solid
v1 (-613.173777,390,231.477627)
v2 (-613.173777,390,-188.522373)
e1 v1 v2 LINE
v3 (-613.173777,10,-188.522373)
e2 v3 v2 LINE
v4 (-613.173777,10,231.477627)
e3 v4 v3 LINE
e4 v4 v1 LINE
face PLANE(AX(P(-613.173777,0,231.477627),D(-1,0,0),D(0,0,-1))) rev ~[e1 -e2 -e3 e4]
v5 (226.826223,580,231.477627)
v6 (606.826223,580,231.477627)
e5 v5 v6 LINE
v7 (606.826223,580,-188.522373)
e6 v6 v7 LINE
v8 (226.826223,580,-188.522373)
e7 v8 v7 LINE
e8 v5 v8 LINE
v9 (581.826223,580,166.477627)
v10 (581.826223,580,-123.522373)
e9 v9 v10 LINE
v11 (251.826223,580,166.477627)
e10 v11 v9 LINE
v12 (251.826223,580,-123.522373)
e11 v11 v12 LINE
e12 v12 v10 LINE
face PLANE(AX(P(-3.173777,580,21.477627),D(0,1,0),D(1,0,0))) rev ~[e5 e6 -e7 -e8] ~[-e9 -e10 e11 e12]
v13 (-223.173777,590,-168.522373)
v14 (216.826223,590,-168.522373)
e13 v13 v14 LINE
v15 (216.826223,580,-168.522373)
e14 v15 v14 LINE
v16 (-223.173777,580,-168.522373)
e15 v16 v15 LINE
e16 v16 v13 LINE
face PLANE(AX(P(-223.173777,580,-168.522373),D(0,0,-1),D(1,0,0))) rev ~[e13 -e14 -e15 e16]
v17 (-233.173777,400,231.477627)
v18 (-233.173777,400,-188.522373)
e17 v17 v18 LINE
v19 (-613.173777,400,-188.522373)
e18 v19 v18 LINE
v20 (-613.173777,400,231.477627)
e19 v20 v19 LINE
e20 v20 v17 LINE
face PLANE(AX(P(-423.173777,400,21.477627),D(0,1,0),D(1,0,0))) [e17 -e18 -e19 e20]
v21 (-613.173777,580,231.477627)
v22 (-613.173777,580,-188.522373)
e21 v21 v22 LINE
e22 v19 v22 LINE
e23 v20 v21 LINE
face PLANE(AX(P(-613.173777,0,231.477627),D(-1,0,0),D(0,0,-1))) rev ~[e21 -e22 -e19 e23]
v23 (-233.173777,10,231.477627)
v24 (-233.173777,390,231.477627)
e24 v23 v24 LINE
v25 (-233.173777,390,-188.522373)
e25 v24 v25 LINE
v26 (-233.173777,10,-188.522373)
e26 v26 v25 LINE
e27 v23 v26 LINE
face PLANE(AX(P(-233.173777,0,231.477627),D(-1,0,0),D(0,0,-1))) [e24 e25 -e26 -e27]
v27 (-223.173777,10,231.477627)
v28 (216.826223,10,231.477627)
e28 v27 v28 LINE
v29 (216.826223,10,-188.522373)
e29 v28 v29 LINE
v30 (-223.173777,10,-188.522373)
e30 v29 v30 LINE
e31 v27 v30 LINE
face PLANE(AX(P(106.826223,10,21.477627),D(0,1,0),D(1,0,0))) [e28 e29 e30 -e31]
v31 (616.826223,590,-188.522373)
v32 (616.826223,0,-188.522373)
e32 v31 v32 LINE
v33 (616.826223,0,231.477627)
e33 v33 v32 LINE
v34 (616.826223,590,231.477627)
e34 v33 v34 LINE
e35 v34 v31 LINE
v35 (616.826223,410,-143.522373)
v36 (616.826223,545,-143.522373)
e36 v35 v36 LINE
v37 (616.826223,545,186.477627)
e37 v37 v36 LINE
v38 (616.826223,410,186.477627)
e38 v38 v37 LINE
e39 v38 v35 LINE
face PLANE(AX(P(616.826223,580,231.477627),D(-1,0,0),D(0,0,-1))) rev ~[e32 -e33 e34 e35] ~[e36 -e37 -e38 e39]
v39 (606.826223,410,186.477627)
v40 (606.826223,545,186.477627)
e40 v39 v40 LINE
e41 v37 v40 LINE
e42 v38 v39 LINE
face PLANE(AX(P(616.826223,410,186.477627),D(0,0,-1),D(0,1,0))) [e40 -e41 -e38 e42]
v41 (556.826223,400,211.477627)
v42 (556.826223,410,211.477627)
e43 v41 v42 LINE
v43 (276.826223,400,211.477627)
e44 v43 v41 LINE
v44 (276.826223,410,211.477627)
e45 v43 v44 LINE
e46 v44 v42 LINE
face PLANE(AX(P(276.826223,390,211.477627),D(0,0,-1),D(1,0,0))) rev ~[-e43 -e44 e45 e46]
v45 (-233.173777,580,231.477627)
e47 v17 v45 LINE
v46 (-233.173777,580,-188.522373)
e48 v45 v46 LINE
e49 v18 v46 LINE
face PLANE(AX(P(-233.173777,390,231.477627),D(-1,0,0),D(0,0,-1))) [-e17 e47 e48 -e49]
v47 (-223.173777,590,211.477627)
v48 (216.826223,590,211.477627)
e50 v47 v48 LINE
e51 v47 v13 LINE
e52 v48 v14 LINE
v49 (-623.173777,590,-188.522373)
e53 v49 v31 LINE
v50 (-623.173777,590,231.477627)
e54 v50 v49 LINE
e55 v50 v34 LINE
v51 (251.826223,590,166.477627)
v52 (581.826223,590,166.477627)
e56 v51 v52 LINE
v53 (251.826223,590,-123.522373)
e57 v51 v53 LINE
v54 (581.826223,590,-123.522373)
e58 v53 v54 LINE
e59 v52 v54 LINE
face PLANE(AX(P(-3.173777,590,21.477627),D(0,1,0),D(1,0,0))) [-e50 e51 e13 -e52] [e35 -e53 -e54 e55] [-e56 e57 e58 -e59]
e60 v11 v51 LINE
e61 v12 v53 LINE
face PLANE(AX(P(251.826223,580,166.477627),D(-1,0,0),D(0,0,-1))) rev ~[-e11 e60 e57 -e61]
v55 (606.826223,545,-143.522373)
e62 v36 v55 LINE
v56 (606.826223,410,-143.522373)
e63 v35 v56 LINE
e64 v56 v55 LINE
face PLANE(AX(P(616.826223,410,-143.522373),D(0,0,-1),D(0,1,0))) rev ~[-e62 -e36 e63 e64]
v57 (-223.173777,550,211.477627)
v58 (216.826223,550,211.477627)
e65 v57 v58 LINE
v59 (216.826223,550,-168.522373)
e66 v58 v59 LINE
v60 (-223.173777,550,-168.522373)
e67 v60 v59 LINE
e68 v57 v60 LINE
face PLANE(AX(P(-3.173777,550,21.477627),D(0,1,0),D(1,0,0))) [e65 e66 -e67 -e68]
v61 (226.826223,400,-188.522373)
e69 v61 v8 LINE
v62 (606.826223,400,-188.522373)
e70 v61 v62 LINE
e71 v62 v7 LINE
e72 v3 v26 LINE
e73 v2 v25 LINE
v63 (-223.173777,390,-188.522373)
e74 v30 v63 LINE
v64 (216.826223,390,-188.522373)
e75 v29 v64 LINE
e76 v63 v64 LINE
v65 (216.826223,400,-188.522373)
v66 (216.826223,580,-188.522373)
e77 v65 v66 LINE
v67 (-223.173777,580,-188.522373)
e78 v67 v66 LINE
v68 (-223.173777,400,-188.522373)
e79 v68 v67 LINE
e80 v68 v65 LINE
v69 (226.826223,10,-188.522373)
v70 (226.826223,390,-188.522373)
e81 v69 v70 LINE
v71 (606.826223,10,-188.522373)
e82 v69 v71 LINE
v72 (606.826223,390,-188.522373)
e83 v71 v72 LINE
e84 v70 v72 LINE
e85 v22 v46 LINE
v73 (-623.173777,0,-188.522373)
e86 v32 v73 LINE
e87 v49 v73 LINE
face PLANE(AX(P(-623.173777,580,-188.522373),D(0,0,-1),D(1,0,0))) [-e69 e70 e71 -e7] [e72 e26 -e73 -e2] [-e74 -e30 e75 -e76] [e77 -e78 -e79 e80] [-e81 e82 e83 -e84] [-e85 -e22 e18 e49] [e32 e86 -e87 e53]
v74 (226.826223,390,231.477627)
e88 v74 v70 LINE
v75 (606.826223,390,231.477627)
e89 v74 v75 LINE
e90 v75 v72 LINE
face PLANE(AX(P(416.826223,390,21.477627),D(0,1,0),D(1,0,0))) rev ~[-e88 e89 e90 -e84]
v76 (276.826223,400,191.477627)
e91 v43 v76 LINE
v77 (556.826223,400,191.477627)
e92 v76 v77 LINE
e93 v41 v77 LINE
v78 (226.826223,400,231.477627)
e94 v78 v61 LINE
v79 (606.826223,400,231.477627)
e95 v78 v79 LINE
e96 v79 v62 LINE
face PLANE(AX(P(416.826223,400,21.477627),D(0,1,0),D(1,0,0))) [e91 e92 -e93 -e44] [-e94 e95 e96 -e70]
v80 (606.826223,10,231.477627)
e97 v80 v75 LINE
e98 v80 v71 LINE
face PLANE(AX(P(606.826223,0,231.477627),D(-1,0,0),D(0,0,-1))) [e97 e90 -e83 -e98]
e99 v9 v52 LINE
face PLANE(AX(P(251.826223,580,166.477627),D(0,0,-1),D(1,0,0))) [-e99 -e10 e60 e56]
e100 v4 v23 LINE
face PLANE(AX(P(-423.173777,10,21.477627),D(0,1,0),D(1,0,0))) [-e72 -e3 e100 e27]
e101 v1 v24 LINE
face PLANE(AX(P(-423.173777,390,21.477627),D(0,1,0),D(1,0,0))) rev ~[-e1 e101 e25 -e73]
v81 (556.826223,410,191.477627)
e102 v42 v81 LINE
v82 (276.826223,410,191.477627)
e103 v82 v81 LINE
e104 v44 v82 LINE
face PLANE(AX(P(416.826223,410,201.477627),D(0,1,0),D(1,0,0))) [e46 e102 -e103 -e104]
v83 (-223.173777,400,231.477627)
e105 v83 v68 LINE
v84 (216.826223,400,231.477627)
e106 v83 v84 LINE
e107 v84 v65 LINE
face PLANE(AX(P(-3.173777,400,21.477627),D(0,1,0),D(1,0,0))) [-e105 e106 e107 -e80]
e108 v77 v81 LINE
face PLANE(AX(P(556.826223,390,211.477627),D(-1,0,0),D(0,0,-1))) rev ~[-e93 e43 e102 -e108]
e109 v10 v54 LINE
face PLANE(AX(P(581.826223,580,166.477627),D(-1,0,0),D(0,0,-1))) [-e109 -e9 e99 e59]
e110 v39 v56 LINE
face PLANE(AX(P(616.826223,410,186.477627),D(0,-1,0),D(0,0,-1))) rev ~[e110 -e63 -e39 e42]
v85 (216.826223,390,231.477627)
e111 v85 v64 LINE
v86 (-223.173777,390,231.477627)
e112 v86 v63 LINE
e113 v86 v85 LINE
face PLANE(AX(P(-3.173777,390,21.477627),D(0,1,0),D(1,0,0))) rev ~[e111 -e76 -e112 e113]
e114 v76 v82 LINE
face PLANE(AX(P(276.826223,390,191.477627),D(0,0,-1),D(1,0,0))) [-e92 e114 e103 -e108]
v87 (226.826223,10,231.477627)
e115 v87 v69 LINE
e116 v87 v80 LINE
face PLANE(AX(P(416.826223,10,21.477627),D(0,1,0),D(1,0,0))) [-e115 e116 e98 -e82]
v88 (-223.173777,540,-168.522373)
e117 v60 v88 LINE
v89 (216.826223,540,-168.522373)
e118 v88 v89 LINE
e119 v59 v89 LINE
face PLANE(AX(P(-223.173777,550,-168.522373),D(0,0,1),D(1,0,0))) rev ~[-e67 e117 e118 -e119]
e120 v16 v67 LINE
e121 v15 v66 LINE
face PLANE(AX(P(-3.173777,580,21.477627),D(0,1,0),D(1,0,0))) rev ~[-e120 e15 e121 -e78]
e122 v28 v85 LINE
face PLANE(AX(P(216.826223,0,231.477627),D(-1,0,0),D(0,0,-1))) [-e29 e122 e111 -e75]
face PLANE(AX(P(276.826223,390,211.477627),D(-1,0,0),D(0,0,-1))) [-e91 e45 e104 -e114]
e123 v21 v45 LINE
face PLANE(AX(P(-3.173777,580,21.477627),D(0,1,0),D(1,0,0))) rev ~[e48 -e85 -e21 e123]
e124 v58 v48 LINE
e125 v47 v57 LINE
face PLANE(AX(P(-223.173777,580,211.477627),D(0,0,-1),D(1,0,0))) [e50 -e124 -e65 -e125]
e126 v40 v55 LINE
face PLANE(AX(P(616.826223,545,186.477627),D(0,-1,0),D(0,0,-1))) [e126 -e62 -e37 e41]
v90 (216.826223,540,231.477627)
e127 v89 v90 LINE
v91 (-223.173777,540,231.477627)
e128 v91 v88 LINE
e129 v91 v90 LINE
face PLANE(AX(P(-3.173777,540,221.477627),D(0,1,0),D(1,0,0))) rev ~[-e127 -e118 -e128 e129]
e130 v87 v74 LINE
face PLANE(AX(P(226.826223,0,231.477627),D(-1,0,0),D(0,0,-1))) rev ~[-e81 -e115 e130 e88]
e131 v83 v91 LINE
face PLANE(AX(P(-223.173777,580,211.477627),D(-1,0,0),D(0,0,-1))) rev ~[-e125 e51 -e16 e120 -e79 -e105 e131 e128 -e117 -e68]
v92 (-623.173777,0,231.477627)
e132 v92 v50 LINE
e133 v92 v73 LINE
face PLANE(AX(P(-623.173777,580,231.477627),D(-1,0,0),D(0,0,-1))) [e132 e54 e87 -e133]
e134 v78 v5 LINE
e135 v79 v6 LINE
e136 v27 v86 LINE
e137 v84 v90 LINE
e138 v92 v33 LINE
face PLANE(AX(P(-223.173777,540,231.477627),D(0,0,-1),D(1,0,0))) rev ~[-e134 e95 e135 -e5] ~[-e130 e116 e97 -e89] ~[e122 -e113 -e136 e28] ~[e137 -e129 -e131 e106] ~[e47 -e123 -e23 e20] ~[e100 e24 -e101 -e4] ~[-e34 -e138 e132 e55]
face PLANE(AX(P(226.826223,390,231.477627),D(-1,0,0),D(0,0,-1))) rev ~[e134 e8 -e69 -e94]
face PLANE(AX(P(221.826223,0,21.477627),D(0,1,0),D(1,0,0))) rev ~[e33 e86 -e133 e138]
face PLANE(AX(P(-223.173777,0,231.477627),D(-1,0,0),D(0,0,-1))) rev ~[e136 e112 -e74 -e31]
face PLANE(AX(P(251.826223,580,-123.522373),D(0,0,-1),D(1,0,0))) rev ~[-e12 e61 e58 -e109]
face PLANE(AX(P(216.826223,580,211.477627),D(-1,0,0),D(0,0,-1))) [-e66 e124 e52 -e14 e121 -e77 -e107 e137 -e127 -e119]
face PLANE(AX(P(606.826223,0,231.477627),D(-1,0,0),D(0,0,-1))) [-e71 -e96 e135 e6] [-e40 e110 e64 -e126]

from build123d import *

# Parameters (mm, degrees)
BASE_W                   = 440
BASE_H                   = 420
PLANCHE_BAS_DEPTH        = 10
BASE_W_2                 = 380
PLANCHE_BAS_2_DEPTH      = 10
PLANCHE_BAS_3_DEPTH      = 10
BASE_6_W                 = 10
BASE_6_H                 = 420
PANNEAUX_LATERAUX_DEPTH  = 580
BASE_7_W                 = 10
BASE_7_H                 = 420
PANNEAUX_BAS_INTER_DEPTH = 390
ESQUISSE2_W              = 380
ESQUISSE2_H              = 420
BOSS_EXTRU_9_DEPTH       = 10
ESQUISSE2_W_2            = 440
BOSS_EXTRU_9_2_DEPTH     = 10
ESQUISSE2_W_3            = 280
ESQUISSE2_H_2            = 20
BOSS_EXTRU_9_3_DEPTH     = 10
ESQUISSE2_4_W            = 10
ESQUISSE2_4_H            = 420
BOSS_EXTRU_10_DEPTH      = 190
ESQUISSE5_W              = 1240
ESQUISSE5_H              = 420
ESQUISSE5_W_2            = 330
ESQUISSE5_H_2            = 290
ESQUISSE5_W_3            = 440
ESQUISSE5_H_3            = 380
BOSS_EXTRU_11_DEPTH      = 10
ESQUISSE7_W              = 440
ESQUISSE7_H              = 380
BOSS_EXTRU_12_DEPTH      = 10
BOSS_EXTRU_13_DEPTH      = 30
BOSS_EXTRU_13_DEPTH_BACK = 10
ESQUISSE7_3_W            = 440
ESQUISSE7_3_H            = 20
ESQUISSE8_W              = 330
ESQUISSE8_H              = 135
ENL_V_MAT_EXTRU_3_DEPTH  = 10
ESQUISSE2_5_W            = 280
ESQUISSE2_5_H            = 20
BOSS_EXTRU_14_DEPTH      = 20


with BuildPart() as part:
    # base → planche_bas (new body)
    with BuildSketch(Plane(origin=(0, 0, 0), x_dir=(1, 0, 0), z_dir=(0, 1, 0))):
        with Locations((-3.173777315, -21.477627471)):
            Rectangle(BASE_W, BASE_H)
    extrude(amount=PLANCHE_BAS_DEPTH)



with BuildPart() as body_2:
    # base → planche_bas 2 (new body)
    with BuildSketch(Plane(origin=(0, 0, 0), x_dir=(1, 0, 0), z_dir=(0, 1, 0))):
        with Locations((-423.173777315, -21.477627471)):
            Rectangle(BASE_W_2, BASE_H)
    extrude(amount=PLANCHE_BAS_2_DEPTH)



with BuildPart() as body_3:
    # base → planche_bas 3 (new body)
    with BuildSketch(Plane(origin=(0, 0, 0), x_dir=(1, 0, 0), z_dir=(0, 1, 0))):
        with Locations((416.826222685, -21.477627471)):
            Rectangle(BASE_W_2, BASE_H)
    extrude(amount=PLANCHE_BAS_3_DEPTH)


with BuildPart() as body_2_1:
    add(body_2.part)

    add(body_3.part)  # panneaux_lateraux merges body 3
    # base<6> → panneaux_lateraux (add)
    with BuildSketch(Plane(origin=(0, 0, 0), x_dir=(1, 0, 0), z_dir=(0, 1, 0))):
        with Locations((-618.173777315, -21.477627471)):
            Rectangle(BASE_6_W, BASE_6_H)
        with Locations((611.826222685, -21.477627471)):
            Rectangle(BASE_6_W, BASE_6_H)
    extrude(amount=PANNEAUX_LATERAUX_DEPTH)


with BuildPart() as part_1:
    add(part.part)

    add(body_2_1.part)  # panneaux_bas_inter merges body 2
    # base<7> → panneaux_bas_inter (add)
    with BuildSketch(Plane(origin=(0, 0, 0), x_dir=(1, 0, 0), z_dir=(0, 1, 0))):
        with Locations((-228.173777315, -21.477627471)):
            Rectangle(BASE_7_W, BASE_7_H)
        with Locations((221.826222685, -21.477627471)):
            Rectangle(BASE_7_W, BASE_7_H)
    extrude(amount=PANNEAUX_BAS_INTER_DEPTH)



with BuildPart() as body_2_2:
    # Esquisse2 → Boss.-Extru.9 (new body)
    with BuildSketch(Plane(origin=(0, 390, 0), x_dir=(1, 0, 0), z_dir=(0, 1, 0))):
        with Locations((-423.173777315, -21.477627471)):
            Rectangle(ESQUISSE2_W, ESQUISSE2_H)
    extrude(amount=BOSS_EXTRU_9_DEPTH)


with BuildPart() as body_3_2:
    # Esquisse2 → Boss.-Extru.9 2 (new body)
    with BuildSketch(Plane(origin=(0, 390, 0), x_dir=(1, 0, 0), z_dir=(0, 1, 0))):
        with Locations((-3.173777315, -21.477627471)):
            Rectangle(ESQUISSE2_W_2, ESQUISSE2_H)
    extrude(amount=BOSS_EXTRU_9_2_DEPTH)


with BuildPart() as body_4:
    # Esquisse2 → Boss.-Extru.9 3 (new body)
    with BuildSketch(Plane(origin=(0, 390, 0), x_dir=(1, 0, 0), z_dir=(0, 1, 0))):
        with Locations((416.826222685, -21.477627471)):
            Rectangle(ESQUISSE2_W, ESQUISSE2_H)
        with Locations((416.826222685, -201.477627471)):
            Rectangle(ESQUISSE2_W_3, ESQUISSE2_H_2, mode=Mode.SUBTRACT)
    extrude(amount=BOSS_EXTRU_9_3_DEPTH)


with BuildPart() as part_2:
    add(part_1.part)

    add(body_2_2.part)  # Boss.-Extru.10 merges body 2 2

    add(body_3_2.part)  # Boss.-Extru.10 merges body 3 2

    add(body_4.part)  # Boss.-Extru.10 merges body 4
    # Esquisse2<4> → Boss.-Extru.10 (add)
    with BuildSketch(Plane(origin=(0, 390, 0), x_dir=(1, 0, 0), z_dir=(0, 1, 0))):
        with Locations((-228.173777315, -21.477627471)):
            Rectangle(ESQUISSE2_4_W, ESQUISSE2_4_H)
        with Locations((221.826222685, -21.477627471)):
            Rectangle(ESQUISSE2_4_W, ESQUISSE2_4_H)
    extrude(amount=BOSS_EXTRU_10_DEPTH)

    # Esquisse5 → Boss.-Extru.11 (add)
    with BuildSketch(Plane(origin=(0, 580, 0), x_dir=(1, 0, 0), z_dir=(0, 1, 0))):
        with Locations((-3.173777315, -21.477627471)):
            Rectangle(ESQUISSE5_W, ESQUISSE5_H)
        with Locations((416.826222685, -21.477627471)):
            Rectangle(ESQUISSE5_W_2, ESQUISSE5_H_2, mode=Mode.SUBTRACT)
        with Locations((-3.173777315, -21.477627471)):
            Rectangle(ESQUISSE5_W_3, ESQUISSE5_H_3, mode=Mode.SUBTRACT)
    extrude(amount=BOSS_EXTRU_11_DEPTH)

    # Esquisse7 → Boss.-Extru.12 (add)
    with BuildSketch(Plane(origin=(0, 550, 0), x_dir=(1, 0, 0), z_dir=(0, 1, 0))):
        with Locations((-3.173777315, -21.477627471)):
            Rectangle(ESQUISSE7_W, ESQUISSE7_H)
    extrude(amount=-BOSS_EXTRU_12_DEPTH)

    # Esquisse7<3> → Boss.-Extru.13 (add, two sides: drawn at the far end of the back side and taken through both)
    with BuildSketch(Plane(origin=(0, 550, 0), x_dir=(1, 0, 0), z_dir=(0, 1, 0)).offset(-BOSS_EXTRU_13_DEPTH_BACK)):
        with Locations((-3.173777315, -221.477627471)):
            Rectangle(ESQUISSE7_3_W, ESQUISSE7_3_H)
    extrude(amount=BOSS_EXTRU_13_DEPTH + BOSS_EXTRU_13_DEPTH_BACK)

    # Esquisse8 → Enlèv. mat.-Extru.3 (cut)
    with BuildSketch(Plane(origin=(616.826222685, 0, 0), x_dir=(0, 0, -1), z_dir=(1, 0, 0))):
        with Locations((-21.477627471, 477.5)):
            Rectangle(ESQUISSE8_W, ESQUISSE8_H)
    extrude(amount=-ENL_V_MAT_EXTRU_3_DEPTH, mode=Mode.SUBTRACT)

    # Esquisse2<5> → Boss.-Extru.14 (add)
    with BuildSketch(Plane(origin=(0, 390, 0), x_dir=(1, 0, 0), z_dir=(0, 1, 0))):
        with Locations((416.826222685, -201.477627471)):
            Rectangle(ESQUISSE2_5_W, ESQUISSE2_5_H)
    extrude(amount=BOSS_EXTRU_14_DEPTH)


solid = part_2.part
